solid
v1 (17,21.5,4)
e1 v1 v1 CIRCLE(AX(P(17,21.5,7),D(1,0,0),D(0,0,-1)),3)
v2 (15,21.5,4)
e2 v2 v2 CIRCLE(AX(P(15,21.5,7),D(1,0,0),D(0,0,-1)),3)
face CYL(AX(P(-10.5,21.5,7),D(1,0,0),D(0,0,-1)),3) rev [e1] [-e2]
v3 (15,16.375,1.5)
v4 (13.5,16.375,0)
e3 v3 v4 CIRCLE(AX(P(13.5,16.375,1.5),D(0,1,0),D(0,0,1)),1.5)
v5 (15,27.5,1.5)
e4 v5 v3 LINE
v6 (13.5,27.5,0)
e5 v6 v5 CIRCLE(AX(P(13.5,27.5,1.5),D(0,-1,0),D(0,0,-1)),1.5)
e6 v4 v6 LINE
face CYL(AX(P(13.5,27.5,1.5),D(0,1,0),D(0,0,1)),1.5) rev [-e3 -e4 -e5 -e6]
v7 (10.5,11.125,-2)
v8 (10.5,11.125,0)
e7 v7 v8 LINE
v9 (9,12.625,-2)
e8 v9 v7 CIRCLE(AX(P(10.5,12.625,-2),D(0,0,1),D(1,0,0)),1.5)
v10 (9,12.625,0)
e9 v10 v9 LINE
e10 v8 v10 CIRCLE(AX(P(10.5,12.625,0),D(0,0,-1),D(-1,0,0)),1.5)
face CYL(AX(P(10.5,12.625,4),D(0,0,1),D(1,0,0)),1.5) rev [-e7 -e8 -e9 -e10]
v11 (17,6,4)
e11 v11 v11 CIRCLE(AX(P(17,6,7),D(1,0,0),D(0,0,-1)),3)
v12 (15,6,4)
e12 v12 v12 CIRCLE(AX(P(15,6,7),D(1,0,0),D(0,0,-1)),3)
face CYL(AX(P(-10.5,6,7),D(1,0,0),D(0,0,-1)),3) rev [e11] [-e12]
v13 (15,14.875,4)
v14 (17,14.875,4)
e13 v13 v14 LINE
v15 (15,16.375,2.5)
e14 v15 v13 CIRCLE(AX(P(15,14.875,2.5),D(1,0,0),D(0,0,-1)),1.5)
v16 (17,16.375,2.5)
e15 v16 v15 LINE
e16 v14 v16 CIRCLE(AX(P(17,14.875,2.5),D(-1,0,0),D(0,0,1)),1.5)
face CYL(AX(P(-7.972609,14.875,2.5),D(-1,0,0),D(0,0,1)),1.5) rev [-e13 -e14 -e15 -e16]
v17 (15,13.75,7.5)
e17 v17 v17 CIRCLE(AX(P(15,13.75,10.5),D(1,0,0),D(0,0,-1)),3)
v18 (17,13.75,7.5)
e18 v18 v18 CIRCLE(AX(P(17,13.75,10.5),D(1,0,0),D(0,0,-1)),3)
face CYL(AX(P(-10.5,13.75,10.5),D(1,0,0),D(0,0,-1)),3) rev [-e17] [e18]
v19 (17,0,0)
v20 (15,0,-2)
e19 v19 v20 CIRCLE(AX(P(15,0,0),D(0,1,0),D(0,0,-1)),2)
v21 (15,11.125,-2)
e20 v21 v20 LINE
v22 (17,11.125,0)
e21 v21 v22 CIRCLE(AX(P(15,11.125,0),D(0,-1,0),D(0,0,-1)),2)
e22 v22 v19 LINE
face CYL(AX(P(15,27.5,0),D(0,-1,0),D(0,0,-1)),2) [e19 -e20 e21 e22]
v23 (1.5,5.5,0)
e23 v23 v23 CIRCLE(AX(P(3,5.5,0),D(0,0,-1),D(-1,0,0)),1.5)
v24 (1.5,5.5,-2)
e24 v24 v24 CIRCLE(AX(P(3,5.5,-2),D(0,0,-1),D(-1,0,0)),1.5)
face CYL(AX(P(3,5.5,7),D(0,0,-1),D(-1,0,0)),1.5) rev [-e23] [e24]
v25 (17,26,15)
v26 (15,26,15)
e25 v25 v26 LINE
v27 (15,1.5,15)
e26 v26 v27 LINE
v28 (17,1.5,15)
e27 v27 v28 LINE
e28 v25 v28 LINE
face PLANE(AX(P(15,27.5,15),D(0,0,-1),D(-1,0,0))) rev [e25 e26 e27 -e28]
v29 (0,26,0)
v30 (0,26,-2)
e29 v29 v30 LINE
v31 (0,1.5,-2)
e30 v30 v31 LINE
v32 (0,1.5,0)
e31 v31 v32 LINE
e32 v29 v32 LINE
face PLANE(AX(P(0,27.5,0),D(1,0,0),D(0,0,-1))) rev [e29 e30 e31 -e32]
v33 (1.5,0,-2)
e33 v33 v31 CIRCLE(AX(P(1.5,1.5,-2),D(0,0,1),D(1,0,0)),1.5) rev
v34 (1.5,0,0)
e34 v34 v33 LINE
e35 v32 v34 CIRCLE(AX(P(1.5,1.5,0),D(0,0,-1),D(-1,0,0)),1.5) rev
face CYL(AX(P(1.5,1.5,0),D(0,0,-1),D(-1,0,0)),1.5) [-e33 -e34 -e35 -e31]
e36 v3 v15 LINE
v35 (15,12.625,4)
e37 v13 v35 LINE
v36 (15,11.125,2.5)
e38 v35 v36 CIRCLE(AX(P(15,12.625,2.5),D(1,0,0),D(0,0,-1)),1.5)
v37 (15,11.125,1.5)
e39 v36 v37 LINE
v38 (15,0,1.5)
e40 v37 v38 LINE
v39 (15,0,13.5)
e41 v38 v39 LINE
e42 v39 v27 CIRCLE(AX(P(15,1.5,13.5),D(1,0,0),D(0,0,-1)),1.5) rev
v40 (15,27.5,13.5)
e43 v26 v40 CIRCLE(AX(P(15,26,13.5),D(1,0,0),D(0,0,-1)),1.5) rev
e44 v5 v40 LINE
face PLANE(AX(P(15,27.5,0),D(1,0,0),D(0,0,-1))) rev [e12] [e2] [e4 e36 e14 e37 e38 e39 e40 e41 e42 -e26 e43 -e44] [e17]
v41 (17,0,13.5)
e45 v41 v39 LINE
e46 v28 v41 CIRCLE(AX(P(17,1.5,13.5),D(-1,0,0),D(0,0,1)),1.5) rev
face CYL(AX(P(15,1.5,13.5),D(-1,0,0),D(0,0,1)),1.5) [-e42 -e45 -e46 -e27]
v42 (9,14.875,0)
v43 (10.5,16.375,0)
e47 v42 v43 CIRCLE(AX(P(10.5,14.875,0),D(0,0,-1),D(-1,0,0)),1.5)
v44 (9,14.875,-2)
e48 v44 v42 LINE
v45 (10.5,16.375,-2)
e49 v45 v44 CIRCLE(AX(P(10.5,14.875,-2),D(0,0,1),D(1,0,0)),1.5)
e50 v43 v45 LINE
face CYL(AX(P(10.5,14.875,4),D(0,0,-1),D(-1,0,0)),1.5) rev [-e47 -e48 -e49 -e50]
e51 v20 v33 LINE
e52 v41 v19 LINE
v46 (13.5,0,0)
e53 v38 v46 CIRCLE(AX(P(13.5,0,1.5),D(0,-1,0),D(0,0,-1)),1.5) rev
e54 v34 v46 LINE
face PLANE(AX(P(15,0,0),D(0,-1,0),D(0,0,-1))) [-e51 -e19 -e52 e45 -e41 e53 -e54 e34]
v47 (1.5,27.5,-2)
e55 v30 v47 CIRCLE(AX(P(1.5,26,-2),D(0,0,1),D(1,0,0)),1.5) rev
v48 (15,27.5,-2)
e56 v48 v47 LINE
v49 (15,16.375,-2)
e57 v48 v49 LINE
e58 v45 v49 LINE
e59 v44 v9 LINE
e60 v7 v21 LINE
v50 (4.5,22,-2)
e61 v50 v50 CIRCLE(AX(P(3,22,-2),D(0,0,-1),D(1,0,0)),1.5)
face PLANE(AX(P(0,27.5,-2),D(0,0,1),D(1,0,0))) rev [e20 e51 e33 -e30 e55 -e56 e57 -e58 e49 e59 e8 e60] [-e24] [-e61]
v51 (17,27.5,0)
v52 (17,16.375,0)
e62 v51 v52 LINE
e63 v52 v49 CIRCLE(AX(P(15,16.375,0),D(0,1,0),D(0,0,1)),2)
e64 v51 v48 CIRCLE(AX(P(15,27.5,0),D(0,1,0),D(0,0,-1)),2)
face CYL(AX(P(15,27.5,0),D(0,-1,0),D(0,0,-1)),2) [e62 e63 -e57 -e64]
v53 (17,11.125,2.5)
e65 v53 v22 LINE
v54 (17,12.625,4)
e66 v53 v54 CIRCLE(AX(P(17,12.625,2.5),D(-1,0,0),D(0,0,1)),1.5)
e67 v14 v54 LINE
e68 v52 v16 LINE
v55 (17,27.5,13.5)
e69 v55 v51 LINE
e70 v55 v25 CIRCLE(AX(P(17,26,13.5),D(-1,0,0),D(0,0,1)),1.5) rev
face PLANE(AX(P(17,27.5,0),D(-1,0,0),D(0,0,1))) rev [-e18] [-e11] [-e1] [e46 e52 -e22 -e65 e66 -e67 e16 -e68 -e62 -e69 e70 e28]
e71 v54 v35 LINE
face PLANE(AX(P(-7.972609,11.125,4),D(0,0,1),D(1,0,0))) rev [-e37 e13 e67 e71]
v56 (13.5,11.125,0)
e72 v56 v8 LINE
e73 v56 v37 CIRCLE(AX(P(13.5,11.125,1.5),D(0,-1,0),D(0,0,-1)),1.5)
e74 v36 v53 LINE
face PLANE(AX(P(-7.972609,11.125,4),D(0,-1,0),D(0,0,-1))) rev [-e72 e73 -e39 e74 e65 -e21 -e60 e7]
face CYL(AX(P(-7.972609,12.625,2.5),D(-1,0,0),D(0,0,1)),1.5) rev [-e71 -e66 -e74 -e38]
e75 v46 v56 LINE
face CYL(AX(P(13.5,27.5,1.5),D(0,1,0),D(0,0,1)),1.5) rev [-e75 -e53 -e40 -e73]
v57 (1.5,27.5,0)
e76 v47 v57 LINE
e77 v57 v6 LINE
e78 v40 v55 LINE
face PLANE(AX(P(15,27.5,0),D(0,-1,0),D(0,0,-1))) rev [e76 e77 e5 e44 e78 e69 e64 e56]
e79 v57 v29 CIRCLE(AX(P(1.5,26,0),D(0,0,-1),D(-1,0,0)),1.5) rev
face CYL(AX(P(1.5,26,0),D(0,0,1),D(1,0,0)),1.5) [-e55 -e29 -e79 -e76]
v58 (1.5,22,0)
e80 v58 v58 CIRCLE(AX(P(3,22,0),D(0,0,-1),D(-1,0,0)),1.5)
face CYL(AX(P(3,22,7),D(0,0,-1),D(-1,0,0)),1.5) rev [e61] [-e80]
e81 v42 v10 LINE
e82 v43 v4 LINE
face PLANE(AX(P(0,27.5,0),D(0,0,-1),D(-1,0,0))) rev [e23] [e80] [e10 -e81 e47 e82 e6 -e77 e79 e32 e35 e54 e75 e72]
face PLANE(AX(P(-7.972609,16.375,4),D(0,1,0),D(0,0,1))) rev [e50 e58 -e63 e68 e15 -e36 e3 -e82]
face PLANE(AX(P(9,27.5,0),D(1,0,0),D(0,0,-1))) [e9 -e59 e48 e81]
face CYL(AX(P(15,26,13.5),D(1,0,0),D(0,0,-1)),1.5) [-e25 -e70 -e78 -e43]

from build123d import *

# Parameters (mm, degrees)
BOSS_EXTRUDE1_DEPTH = 27.5
SKETCH2_R           = 3
CUT_EXTRUDE1_DEPTH  = 27.5
SKETCH3_W           = 6
SKETCH3_H           = 5.25
CUT_EXTRUDE2_DEPTH  = 8
SKETCH4_R           = 1.5
CUT_EXTRUDE3_DEPTH  = 9
FILLET1_R           = 1.5


with BuildPart() as part:
    # Sketch1 → Boss-Extrude1 (new body)
    with BuildSketch(Plane(origin=(0, 0, 0), x_dir=(1, 0, 0), z_dir=(0, 1, 0))):
        with BuildLine():
            Line((0, 0), (15, 0))
            Line((15, 0), (15, -15))
            Line((15, -15), (17, -15))
            Line((17, -15), (17, 0))
            ThreePointArc((17, 0), (16.414213562, 1.414213562), (15, 2))
            Line((15, 2), (0, 2))
            Line((0, 2), (0, 0))
        make_face()
    extrude(amount=BOSS_EXTRUDE1_DEPTH)

    # Sketch2 → Cut-Extrude1 (cut)
    with BuildSketch(Plane(origin=(17, 0, 0), x_dir=(0, 0, -1), z_dir=(1, 0, 0))):
        with Locations((-7, 6)):
            Circle(SKETCH2_R)
        with Locations((-10.5, 13.75)):
            Circle(SKETCH2_R)
        with Locations((-7, 21.5)):
            Circle(SKETCH2_R)
    extrude(amount=-CUT_EXTRUDE1_DEPTH, mode=Mode.SUBTRACT)

    # Sketch3 → Cut-Extrude2 (cut)
    with BuildSketch(Plane(origin=(17, 0, 0), x_dir=(0, 0, -1), z_dir=(1, 0, 0))):
        with Locations((-1, 13.75)):
            Rectangle(SKETCH3_W, SKETCH3_H)
    extrude(amount=-CUT_EXTRUDE2_DEPTH, mode=Mode.SUBTRACT)

    # Sketch4 → Cut-Extrude3 (cut)
    with BuildSketch(Plane(origin=(0, 0, -2), x_dir=(-1, 0, 0), z_dir=(0, 0, -1))):
        with Locations((-3, 5.5)):
            Circle(SKETCH4_R)
        with Locations((-3, 22)):
            Circle(SKETCH4_R)
    extrude(amount=-CUT_EXTRUDE3_DEPTH, mode=Mode.SUBTRACT)

    # Fillet1
    fillet1_edges = [part.edges().sort_by_distance(p)[0] for p in [
        (0, 0, -1),
        (15, 21.9375, 0),
        (16, 27.5, 15),
        (15, 5.5625, 0),
        (16, 11.125, 4),
        (16, 16.375, 4),
        (9, 16.375, -1),
        (9, 11.125, -1),
        (0, 27.5, -1),
        (16, 0, 15),
    ]]
    fillet(fillet1_edges, radius=FILLET1_R)


solid = part.part
